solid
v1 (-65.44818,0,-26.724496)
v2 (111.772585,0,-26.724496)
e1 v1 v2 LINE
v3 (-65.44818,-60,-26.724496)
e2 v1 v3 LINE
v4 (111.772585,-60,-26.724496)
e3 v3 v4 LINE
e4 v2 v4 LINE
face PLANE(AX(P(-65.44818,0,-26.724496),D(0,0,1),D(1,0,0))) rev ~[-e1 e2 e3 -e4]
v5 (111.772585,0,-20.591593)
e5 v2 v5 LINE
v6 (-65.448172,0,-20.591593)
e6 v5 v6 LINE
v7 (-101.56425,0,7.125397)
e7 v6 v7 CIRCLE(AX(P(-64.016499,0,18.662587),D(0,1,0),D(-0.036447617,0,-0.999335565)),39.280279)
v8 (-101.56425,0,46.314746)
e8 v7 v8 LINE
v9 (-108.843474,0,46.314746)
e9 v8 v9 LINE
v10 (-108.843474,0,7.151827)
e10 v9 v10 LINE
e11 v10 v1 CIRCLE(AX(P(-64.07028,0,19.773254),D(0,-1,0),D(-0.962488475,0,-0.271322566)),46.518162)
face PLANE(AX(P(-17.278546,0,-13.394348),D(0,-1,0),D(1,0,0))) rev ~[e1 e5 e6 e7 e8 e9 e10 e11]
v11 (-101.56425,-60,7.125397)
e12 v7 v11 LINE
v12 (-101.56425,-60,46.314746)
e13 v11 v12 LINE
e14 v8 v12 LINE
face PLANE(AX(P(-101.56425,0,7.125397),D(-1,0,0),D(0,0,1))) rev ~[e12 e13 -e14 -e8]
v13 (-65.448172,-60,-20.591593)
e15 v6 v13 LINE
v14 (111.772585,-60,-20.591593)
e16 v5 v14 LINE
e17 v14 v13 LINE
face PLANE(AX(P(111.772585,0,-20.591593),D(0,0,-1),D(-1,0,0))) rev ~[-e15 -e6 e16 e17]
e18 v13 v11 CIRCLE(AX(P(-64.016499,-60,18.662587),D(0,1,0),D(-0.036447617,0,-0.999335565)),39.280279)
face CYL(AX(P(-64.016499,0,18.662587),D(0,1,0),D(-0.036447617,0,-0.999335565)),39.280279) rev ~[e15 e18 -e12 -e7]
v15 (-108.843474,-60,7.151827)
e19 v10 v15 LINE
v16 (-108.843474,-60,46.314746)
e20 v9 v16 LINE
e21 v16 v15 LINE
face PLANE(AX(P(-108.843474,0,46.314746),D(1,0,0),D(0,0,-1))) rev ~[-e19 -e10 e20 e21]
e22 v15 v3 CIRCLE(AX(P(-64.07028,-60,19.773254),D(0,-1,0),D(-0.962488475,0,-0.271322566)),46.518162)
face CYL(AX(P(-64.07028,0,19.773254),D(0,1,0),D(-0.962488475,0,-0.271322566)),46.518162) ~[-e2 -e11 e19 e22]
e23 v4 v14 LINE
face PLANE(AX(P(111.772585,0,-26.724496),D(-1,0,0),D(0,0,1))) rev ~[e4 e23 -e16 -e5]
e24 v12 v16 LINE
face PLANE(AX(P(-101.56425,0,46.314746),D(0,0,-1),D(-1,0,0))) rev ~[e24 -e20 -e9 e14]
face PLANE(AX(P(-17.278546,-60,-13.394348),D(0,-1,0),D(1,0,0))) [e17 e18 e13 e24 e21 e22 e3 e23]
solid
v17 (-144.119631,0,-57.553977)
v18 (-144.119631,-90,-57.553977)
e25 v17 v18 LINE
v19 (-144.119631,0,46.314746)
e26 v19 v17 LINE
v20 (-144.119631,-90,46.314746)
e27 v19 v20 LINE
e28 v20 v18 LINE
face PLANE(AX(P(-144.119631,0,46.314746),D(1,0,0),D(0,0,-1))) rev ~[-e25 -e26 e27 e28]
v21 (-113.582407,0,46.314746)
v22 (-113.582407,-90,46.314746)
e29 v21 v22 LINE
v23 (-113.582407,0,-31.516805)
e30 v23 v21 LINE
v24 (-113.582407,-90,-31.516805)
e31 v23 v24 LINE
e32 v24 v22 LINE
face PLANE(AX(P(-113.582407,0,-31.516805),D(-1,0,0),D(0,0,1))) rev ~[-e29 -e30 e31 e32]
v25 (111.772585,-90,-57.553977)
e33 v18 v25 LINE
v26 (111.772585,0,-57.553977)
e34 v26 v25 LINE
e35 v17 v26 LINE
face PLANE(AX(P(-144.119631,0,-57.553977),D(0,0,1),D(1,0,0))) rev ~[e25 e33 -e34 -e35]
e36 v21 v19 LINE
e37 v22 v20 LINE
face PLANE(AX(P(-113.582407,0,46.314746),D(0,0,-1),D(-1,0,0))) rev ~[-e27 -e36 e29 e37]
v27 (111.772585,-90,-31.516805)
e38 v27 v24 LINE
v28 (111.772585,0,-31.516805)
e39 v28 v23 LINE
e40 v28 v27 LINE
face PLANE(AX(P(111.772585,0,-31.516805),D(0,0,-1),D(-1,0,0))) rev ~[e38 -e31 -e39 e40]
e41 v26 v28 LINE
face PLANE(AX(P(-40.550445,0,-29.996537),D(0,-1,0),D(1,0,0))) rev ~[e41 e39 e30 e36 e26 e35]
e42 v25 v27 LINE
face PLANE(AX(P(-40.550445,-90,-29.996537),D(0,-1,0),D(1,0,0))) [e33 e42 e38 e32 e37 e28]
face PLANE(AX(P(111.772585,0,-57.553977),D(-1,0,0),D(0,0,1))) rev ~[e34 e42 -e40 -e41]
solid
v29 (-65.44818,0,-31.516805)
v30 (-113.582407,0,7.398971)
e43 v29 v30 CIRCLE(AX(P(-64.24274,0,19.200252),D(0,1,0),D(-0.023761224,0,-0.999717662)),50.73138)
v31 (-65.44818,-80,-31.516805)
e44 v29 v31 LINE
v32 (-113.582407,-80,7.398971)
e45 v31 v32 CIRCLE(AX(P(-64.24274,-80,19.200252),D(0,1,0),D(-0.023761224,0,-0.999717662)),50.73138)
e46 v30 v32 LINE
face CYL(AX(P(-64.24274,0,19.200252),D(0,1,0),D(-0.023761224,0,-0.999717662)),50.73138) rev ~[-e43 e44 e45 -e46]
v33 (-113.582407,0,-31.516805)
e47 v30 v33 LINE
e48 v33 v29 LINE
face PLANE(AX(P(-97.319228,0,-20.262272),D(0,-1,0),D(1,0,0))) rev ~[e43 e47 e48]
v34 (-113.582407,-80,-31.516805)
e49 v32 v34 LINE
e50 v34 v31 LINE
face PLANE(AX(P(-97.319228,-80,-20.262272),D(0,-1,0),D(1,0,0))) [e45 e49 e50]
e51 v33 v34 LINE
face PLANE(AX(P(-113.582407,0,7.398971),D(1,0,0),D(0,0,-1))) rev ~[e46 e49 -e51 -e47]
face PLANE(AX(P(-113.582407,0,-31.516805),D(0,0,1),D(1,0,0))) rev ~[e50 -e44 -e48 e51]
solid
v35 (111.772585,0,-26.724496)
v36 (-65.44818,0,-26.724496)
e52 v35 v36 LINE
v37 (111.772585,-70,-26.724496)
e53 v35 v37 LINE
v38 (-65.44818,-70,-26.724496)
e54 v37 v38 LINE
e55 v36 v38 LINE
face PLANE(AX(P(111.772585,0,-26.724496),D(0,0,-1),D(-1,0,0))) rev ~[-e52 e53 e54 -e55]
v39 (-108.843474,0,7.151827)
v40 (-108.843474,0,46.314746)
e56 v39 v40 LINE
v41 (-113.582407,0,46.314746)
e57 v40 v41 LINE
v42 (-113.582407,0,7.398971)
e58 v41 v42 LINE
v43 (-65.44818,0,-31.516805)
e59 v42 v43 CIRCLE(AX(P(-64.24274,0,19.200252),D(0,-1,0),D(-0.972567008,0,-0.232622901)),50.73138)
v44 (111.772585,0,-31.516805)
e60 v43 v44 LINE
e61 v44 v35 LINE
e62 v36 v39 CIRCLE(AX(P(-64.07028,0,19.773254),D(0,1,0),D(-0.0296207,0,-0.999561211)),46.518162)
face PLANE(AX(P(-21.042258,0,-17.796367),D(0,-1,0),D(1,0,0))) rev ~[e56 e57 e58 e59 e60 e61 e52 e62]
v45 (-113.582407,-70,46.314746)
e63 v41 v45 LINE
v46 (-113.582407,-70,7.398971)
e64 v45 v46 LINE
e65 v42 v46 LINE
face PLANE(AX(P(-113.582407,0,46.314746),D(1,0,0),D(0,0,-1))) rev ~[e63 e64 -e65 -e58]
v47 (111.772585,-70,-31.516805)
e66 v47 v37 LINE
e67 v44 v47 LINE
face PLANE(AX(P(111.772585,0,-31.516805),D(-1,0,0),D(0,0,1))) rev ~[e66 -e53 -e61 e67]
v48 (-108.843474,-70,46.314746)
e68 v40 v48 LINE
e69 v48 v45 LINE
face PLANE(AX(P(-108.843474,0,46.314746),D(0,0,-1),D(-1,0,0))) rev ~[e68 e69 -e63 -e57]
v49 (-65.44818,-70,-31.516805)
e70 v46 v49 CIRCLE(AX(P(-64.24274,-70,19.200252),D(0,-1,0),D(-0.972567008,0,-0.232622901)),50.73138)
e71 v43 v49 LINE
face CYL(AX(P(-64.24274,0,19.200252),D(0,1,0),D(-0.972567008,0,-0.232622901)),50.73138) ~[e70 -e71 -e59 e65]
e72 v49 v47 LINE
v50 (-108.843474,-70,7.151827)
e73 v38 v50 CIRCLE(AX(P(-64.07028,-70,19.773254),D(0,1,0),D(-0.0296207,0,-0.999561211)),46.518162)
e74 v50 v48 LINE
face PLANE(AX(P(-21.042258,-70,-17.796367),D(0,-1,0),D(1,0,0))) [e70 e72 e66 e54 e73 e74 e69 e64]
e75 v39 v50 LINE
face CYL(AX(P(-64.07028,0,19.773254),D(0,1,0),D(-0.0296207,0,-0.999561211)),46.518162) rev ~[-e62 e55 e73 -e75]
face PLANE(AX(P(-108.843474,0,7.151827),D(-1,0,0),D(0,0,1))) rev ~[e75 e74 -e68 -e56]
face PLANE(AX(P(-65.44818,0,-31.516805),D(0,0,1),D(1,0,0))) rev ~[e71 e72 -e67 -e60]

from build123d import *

# Parameters (mm, degrees)
F1_DEPTH = 90
F2_DEPTH = 80
F3_DEPTH = 70
F4_DEPTH = 60


with BuildPart() as f1:
    # F0 (on Front) → F1 (new body)
    with BuildSketch(Plane.XZ):
        Polygon((-113.582407, 46.314746), (-144.119631, 46.314746), (-144.119631, -57.553977), (111.772585, -57.553977), (111.772585, -31.516805), (-65.44818, -31.516805), (-113.582407, -31.516805), (-113.582407, 7.398971), align=None)
    extrude(amount=F1_DEPTH)


with BuildPart() as f2:
    # F0 (on Front) → F2 (new body)
    with BuildSketch(Plane.XZ):
        with BuildLine():
            ThreePointArc((-65.44818, -31.516805), (-96.138059, -20.250497), (-113.582407, 7.398971))
            Line((-113.582407, 7.398971), (-113.582407, -31.516805))
            Line((-113.582407, -31.516805), (-65.44818, -31.516805))
        make_face()
    extrude(amount=F2_DEPTH)


with BuildPart() as f3:
    # F0 (on Front) → F3 (new body)
    with BuildSketch(Plane.XZ):
        with BuildLine():
            Line((-108.843474, 46.314746), (-113.582407, 46.314746))
            Line((-113.582407, 46.314746), (-113.582407, 7.398971))
            ThreePointArc((-113.582407, 7.398971), (-96.138059, -20.250497), (-65.44818, -31.516805))
            Line((-65.44818, -31.516805), (111.772585, -31.516805))
            Line((111.772585, -31.516805), (111.772585, -26.724496))
            Line((111.772585, -26.724496), (-65.44818, -26.724496))
            ThreePointArc((-65.44818, -26.724496), (-92.695132, -16.89495), (-108.843474, 7.151827))
            Line((-108.843474, 7.151827), (-108.843474, 46.314746))
        make_face()
    extrude(amount=F3_DEPTH)


with BuildPart() as f4:
    # F0 (on Front) → F4 (new body)
    with BuildSketch(Plane.XZ):
        with BuildLine():
            Line((-101.56425, 46.314746), (-108.843474, 46.314746))
            Line((-108.843474, 46.314746), (-108.843474, 7.151827))
            ThreePointArc((-108.843474, 7.151827), (-92.695132, -16.89495), (-65.44818, -26.724496))
            Line((-65.44818, -26.724496), (111.772585, -26.724496))
            Line((111.772585, -26.724496), (111.772585, -20.591593))
            Line((111.772585, -20.591593), (-65.448172, -20.591593))
            ThreePointArc((-65.448172, -20.591593), (-87.931071, -12.498825), (-101.56425, 7.125397))
            Line((-101.56425, 7.125397), (-101.56425, 46.314746))
        make_face()
    extrude(amount=F4_DEPTH)


solid = Compound([f1.part, f2.part, f3.part, f4.part])
